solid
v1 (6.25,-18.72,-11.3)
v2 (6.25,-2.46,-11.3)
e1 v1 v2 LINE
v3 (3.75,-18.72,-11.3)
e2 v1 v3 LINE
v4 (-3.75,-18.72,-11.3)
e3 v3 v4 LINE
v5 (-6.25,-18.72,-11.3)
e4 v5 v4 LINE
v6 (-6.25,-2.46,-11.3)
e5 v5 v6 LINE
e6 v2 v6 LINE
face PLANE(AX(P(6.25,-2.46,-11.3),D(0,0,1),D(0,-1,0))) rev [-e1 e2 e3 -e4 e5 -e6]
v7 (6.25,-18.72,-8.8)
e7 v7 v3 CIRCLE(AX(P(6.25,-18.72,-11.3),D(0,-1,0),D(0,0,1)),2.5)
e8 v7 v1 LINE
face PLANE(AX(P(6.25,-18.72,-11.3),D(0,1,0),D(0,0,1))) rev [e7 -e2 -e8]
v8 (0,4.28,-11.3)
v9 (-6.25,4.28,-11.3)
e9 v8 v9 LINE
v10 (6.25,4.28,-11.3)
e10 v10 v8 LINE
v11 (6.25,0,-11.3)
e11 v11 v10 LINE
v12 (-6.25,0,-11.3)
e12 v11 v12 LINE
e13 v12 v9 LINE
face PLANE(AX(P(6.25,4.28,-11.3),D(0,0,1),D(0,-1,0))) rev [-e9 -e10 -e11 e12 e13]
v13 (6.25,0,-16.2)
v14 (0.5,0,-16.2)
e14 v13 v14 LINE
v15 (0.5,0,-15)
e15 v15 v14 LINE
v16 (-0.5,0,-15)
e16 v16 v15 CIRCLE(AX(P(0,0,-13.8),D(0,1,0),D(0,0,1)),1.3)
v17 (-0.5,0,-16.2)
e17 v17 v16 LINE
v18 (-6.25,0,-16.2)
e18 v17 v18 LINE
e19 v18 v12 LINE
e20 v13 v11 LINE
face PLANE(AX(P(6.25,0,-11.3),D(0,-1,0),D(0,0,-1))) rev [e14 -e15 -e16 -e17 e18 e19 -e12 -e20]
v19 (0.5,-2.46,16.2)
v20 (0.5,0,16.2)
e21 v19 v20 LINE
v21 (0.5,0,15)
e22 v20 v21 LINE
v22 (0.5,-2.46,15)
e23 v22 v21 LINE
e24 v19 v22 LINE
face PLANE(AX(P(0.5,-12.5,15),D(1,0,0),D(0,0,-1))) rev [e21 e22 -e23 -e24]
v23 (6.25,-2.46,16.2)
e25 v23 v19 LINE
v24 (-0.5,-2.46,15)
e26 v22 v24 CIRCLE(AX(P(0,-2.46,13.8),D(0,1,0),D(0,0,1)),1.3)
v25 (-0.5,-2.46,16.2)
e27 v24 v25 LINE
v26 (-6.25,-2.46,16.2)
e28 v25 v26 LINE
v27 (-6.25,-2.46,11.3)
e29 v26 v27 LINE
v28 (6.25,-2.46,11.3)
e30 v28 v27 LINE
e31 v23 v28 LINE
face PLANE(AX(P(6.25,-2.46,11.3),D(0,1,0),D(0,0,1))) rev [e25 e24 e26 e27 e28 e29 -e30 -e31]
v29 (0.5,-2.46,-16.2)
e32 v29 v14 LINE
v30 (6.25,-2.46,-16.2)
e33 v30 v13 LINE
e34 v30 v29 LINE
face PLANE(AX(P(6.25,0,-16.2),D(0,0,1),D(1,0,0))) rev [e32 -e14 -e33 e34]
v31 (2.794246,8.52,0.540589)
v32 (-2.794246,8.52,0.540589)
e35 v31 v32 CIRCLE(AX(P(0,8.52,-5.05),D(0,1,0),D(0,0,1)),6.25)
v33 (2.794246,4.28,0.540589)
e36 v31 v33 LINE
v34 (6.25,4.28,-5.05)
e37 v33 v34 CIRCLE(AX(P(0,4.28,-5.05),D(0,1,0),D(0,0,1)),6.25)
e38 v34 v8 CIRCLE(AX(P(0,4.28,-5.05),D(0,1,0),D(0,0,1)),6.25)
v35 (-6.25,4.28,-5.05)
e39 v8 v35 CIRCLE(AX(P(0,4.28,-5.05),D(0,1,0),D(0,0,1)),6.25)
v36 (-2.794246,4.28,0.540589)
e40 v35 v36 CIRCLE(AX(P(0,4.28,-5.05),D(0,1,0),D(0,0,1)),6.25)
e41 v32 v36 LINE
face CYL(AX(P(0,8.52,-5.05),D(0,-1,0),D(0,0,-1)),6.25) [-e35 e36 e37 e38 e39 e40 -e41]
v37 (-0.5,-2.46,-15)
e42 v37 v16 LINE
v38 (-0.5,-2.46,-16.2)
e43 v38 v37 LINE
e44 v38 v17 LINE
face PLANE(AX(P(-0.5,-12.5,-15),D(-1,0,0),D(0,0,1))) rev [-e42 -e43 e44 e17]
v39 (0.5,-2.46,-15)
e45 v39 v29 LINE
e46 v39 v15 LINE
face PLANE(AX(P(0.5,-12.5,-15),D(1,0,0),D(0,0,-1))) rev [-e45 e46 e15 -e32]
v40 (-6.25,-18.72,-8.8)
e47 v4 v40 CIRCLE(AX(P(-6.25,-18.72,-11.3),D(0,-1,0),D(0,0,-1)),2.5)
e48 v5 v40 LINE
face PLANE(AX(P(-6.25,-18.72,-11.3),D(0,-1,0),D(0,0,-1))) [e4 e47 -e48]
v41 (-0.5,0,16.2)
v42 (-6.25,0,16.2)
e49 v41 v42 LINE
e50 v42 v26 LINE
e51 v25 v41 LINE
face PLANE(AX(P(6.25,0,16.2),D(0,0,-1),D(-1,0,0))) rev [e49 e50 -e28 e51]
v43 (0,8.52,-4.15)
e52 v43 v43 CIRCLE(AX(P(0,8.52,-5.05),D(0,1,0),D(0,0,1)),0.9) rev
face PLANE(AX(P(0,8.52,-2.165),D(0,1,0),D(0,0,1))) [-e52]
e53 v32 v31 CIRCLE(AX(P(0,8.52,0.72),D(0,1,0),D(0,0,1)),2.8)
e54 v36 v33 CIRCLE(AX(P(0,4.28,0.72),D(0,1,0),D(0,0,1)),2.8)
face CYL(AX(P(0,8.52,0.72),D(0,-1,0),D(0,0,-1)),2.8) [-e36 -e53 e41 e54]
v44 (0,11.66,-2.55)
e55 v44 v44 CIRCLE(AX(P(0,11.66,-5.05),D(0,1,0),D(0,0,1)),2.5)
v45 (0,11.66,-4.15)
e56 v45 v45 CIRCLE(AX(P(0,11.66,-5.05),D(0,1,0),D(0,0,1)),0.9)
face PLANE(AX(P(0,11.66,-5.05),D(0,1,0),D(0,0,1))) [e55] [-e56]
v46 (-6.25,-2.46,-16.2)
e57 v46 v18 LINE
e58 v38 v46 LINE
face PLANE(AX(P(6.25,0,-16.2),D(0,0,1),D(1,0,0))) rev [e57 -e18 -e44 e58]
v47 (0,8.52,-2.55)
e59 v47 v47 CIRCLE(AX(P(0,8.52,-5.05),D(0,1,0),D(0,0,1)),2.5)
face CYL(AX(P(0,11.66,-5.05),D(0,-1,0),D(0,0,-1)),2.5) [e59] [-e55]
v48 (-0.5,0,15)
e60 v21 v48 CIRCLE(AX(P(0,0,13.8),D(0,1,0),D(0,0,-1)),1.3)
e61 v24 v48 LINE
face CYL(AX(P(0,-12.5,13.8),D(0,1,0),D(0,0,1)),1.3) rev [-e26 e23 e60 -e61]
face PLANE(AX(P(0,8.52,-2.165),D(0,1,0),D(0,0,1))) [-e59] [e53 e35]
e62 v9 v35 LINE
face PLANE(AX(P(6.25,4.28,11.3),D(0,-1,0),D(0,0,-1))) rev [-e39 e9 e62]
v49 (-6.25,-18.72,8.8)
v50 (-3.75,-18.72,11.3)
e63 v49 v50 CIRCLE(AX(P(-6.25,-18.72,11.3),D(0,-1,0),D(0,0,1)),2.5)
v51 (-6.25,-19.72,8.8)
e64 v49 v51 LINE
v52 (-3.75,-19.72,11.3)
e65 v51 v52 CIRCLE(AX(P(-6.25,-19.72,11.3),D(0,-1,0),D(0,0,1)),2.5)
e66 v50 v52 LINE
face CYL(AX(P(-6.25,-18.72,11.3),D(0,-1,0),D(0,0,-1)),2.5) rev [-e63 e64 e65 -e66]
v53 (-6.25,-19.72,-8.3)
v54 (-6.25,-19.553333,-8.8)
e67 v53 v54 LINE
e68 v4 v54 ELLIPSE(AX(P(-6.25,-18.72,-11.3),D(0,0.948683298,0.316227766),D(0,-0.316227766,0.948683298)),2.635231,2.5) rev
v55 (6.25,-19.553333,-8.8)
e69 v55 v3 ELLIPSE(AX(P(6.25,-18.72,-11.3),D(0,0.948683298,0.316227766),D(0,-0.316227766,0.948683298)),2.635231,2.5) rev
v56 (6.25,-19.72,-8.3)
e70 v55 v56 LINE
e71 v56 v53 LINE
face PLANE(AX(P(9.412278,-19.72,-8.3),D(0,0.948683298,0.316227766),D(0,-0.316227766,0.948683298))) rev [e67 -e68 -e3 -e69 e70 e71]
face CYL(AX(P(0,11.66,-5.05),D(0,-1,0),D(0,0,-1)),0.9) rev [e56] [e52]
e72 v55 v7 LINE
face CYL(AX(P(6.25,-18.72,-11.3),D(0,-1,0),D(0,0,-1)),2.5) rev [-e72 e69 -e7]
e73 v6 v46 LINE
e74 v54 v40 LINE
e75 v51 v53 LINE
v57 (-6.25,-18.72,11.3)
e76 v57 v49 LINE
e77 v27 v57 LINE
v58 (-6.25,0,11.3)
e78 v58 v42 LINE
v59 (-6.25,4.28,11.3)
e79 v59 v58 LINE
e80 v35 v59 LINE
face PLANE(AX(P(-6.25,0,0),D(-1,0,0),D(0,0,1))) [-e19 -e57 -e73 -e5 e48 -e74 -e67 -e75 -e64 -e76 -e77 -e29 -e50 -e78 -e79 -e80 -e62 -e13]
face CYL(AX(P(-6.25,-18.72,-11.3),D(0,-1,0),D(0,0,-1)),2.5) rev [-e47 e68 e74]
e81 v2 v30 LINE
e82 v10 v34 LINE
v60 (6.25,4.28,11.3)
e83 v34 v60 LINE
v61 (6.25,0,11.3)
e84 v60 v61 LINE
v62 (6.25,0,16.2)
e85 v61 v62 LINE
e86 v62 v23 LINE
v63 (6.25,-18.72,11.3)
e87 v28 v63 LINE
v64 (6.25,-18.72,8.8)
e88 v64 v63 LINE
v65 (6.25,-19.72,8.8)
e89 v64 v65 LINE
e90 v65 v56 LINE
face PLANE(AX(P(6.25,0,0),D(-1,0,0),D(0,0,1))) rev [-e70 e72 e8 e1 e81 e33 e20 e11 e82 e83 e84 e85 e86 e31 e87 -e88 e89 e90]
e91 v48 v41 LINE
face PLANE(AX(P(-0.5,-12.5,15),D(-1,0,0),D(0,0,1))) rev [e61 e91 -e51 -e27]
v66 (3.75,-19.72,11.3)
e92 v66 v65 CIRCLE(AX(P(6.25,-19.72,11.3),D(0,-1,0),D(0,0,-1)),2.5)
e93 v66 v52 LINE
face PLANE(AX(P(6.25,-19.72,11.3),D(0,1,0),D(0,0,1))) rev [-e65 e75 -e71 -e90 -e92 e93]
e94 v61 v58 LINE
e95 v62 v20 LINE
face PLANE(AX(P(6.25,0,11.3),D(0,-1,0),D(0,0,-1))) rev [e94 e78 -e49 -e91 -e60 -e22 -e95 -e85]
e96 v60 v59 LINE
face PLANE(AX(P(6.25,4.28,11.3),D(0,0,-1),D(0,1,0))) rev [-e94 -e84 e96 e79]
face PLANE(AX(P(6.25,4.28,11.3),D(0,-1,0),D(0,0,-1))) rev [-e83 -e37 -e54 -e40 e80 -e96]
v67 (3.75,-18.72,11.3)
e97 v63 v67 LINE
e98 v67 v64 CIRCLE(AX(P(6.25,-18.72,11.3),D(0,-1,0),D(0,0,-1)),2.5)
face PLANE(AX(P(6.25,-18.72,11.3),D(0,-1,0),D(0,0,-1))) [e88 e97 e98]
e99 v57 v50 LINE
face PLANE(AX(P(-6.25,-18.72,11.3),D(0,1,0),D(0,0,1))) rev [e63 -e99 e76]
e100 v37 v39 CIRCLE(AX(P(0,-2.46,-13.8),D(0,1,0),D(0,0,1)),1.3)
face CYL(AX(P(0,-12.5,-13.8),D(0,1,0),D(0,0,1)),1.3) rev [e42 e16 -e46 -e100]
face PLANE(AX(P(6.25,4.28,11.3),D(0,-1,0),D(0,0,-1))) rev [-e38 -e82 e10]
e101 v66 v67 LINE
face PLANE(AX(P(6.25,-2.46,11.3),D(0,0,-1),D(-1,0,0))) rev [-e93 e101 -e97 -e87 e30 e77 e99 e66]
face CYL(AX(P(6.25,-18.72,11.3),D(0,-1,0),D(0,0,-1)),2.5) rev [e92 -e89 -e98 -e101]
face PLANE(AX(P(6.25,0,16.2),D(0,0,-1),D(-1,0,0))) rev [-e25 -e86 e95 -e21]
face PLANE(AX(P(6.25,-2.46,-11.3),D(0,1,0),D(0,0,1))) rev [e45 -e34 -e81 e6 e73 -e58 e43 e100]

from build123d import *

# Parameters (mm, degrees)
EXTRUDE_1_DEPTH     = 6.25
CUT_EXTRUDE_1_DEPTH = 12.5
EXTRUDE_2_DEPTH     = 4.24
SKETCH_4_R          = 2.5
SKETCH_4_R_2        = 0.9
EXTRUDE_3_DEPTH     = 3.14
SKETCH_5_R          = 2.5
CUT_EXTRUDE_2_DEPTH = 1
CUT_EXTRUDE_3_REACH = 30.418


with BuildPart() as part:
    # 草图1 → 凸台-拉伸1 (new, symmetric)
    with BuildSketch(Plane(origin=(0, 0, 0), x_dir=(0, 0, -1), z_dir=(1, 0, 0))):
        Polygon((-11.3, 4.28), (11.3, 4.28), (11.3, 0), (16.2, 0), (16.2, -2.46), (11.3, -2.46), (11.3, -19.72), (-11.3, -19.72), (-11.3, -2.46), (-16.2, -2.46), (-16.2, 0), (-11.3, 0), align=None)
    extrude(amount=EXTRUDE_1_DEPTH, both=True)

    # 草图2 → 切除-拉伸1 (cut)
    with BuildSketch(Plane(origin=(0, 0, 0), x_dir=(1, 0, 0), z_dir=(0, 1, 0))):
        with BuildLine():
            Line((-0.5, 15), (-0.5, 16.2))
            Line((-0.5, 16.2), (0.5, 16.2))
            Line((0.5, 16.2), (0.5, 15))
            ThreePointArc((0.5, 15), (0, 12.5), (-0.5, 15))
        make_face()
        with BuildLine():
            Line((-0.5, -15), (-0.5, -16.2))
            Line((-0.5, -16.2), (0.5, -16.2))
            Line((0.5, -16.2), (0.5, -15))
            ThreePointArc((0.5, -15), (0, -12.5), (-0.5, -15))
        make_face()
    extrude(amount=-CUT_EXTRUDE_1_DEPTH, mode=Mode.SUBTRACT)

    # 草图3 → 凸台-拉伸2 (add)
    with BuildSketch(Plane(origin=(0, 4.28, 0), x_dir=(1, 0, 0), z_dir=(0, 1, 0))):
        with BuildLine():
            ThreePointArc((2.794246193, -0.540589255), (0, 11.3), (-2.794246193, -0.540589255))
            ThreePointArc((-2.794246193, -0.540589255), (0, -3.52), (2.794246193, -0.540589255))
        make_face()
    extrude(amount=EXTRUDE_2_DEPTH)

    # 草图4 → 凸台-拉伸3 (add)
    with BuildSketch(Plane(origin=(0, 8.52, 0), x_dir=(1, 0, 0), z_dir=(0, 1, 0))):
        with Locations(Location((0, 5.05, 0), (0, 0, 270))):
            Circle(SKETCH_4_R)
        with Locations(Location((0, 5.05, 0), (0, 0, 270))):
            Circle(SKETCH_4_R_2, mode=Mode.SUBTRACT)
    extrude(amount=EXTRUDE_3_DEPTH)

    # 草图5 → 切除-拉伸2 (cut)
    with BuildSketch(Plane.XZ.offset(19.72)):
        with Locations((6.25, 11.3)):
            Circle(SKETCH_5_R)
        with Locations((6.25, -11.3)):
            Circle(SKETCH_5_R)
        with Locations((-6.25, -11.3)):
            Circle(SKETCH_5_R)
        with Locations((-6.25, 11.3)):
            Circle(SKETCH_5_R)
    extrude(amount=-CUT_EXTRUDE_2_DEPTH, mode=Mode.SUBTRACT)

    # 切除-拉伸3: up to this face of the body (flat: up to its plane)
    cut_extrude_3_end = Plane(part.part.faces().sort_by_distance((6.25, -7.338953034, 0))[0])
    # 草图6 → 切除-拉伸3 (cut, up to the picked face)
    with BuildSketch(Plane.ZY.offset(6.25), mode=Mode.PRIVATE) as cut_extrude_3_sk1:
        Polygon((-11.3, -18.72), (-11.3, -19.72), (-8.3, -19.72), align=None)
    cut_extrude_3_tool1 = split(extrude(cut_extrude_3_sk1.sketch, amount=-CUT_EXTRUDE_3_REACH, mode=Mode.PRIVATE), bisect_by=cut_extrude_3_end, keep=Keep.BOTH, mode=Mode.PRIVATE)
    add(cut_extrude_3_tool1.solids().sort_by(Axis((-6.25, -19.386667, -10.3), (1, 0, 0)))[0], mode=Mode.SUBTRACT)


solid = part.part
